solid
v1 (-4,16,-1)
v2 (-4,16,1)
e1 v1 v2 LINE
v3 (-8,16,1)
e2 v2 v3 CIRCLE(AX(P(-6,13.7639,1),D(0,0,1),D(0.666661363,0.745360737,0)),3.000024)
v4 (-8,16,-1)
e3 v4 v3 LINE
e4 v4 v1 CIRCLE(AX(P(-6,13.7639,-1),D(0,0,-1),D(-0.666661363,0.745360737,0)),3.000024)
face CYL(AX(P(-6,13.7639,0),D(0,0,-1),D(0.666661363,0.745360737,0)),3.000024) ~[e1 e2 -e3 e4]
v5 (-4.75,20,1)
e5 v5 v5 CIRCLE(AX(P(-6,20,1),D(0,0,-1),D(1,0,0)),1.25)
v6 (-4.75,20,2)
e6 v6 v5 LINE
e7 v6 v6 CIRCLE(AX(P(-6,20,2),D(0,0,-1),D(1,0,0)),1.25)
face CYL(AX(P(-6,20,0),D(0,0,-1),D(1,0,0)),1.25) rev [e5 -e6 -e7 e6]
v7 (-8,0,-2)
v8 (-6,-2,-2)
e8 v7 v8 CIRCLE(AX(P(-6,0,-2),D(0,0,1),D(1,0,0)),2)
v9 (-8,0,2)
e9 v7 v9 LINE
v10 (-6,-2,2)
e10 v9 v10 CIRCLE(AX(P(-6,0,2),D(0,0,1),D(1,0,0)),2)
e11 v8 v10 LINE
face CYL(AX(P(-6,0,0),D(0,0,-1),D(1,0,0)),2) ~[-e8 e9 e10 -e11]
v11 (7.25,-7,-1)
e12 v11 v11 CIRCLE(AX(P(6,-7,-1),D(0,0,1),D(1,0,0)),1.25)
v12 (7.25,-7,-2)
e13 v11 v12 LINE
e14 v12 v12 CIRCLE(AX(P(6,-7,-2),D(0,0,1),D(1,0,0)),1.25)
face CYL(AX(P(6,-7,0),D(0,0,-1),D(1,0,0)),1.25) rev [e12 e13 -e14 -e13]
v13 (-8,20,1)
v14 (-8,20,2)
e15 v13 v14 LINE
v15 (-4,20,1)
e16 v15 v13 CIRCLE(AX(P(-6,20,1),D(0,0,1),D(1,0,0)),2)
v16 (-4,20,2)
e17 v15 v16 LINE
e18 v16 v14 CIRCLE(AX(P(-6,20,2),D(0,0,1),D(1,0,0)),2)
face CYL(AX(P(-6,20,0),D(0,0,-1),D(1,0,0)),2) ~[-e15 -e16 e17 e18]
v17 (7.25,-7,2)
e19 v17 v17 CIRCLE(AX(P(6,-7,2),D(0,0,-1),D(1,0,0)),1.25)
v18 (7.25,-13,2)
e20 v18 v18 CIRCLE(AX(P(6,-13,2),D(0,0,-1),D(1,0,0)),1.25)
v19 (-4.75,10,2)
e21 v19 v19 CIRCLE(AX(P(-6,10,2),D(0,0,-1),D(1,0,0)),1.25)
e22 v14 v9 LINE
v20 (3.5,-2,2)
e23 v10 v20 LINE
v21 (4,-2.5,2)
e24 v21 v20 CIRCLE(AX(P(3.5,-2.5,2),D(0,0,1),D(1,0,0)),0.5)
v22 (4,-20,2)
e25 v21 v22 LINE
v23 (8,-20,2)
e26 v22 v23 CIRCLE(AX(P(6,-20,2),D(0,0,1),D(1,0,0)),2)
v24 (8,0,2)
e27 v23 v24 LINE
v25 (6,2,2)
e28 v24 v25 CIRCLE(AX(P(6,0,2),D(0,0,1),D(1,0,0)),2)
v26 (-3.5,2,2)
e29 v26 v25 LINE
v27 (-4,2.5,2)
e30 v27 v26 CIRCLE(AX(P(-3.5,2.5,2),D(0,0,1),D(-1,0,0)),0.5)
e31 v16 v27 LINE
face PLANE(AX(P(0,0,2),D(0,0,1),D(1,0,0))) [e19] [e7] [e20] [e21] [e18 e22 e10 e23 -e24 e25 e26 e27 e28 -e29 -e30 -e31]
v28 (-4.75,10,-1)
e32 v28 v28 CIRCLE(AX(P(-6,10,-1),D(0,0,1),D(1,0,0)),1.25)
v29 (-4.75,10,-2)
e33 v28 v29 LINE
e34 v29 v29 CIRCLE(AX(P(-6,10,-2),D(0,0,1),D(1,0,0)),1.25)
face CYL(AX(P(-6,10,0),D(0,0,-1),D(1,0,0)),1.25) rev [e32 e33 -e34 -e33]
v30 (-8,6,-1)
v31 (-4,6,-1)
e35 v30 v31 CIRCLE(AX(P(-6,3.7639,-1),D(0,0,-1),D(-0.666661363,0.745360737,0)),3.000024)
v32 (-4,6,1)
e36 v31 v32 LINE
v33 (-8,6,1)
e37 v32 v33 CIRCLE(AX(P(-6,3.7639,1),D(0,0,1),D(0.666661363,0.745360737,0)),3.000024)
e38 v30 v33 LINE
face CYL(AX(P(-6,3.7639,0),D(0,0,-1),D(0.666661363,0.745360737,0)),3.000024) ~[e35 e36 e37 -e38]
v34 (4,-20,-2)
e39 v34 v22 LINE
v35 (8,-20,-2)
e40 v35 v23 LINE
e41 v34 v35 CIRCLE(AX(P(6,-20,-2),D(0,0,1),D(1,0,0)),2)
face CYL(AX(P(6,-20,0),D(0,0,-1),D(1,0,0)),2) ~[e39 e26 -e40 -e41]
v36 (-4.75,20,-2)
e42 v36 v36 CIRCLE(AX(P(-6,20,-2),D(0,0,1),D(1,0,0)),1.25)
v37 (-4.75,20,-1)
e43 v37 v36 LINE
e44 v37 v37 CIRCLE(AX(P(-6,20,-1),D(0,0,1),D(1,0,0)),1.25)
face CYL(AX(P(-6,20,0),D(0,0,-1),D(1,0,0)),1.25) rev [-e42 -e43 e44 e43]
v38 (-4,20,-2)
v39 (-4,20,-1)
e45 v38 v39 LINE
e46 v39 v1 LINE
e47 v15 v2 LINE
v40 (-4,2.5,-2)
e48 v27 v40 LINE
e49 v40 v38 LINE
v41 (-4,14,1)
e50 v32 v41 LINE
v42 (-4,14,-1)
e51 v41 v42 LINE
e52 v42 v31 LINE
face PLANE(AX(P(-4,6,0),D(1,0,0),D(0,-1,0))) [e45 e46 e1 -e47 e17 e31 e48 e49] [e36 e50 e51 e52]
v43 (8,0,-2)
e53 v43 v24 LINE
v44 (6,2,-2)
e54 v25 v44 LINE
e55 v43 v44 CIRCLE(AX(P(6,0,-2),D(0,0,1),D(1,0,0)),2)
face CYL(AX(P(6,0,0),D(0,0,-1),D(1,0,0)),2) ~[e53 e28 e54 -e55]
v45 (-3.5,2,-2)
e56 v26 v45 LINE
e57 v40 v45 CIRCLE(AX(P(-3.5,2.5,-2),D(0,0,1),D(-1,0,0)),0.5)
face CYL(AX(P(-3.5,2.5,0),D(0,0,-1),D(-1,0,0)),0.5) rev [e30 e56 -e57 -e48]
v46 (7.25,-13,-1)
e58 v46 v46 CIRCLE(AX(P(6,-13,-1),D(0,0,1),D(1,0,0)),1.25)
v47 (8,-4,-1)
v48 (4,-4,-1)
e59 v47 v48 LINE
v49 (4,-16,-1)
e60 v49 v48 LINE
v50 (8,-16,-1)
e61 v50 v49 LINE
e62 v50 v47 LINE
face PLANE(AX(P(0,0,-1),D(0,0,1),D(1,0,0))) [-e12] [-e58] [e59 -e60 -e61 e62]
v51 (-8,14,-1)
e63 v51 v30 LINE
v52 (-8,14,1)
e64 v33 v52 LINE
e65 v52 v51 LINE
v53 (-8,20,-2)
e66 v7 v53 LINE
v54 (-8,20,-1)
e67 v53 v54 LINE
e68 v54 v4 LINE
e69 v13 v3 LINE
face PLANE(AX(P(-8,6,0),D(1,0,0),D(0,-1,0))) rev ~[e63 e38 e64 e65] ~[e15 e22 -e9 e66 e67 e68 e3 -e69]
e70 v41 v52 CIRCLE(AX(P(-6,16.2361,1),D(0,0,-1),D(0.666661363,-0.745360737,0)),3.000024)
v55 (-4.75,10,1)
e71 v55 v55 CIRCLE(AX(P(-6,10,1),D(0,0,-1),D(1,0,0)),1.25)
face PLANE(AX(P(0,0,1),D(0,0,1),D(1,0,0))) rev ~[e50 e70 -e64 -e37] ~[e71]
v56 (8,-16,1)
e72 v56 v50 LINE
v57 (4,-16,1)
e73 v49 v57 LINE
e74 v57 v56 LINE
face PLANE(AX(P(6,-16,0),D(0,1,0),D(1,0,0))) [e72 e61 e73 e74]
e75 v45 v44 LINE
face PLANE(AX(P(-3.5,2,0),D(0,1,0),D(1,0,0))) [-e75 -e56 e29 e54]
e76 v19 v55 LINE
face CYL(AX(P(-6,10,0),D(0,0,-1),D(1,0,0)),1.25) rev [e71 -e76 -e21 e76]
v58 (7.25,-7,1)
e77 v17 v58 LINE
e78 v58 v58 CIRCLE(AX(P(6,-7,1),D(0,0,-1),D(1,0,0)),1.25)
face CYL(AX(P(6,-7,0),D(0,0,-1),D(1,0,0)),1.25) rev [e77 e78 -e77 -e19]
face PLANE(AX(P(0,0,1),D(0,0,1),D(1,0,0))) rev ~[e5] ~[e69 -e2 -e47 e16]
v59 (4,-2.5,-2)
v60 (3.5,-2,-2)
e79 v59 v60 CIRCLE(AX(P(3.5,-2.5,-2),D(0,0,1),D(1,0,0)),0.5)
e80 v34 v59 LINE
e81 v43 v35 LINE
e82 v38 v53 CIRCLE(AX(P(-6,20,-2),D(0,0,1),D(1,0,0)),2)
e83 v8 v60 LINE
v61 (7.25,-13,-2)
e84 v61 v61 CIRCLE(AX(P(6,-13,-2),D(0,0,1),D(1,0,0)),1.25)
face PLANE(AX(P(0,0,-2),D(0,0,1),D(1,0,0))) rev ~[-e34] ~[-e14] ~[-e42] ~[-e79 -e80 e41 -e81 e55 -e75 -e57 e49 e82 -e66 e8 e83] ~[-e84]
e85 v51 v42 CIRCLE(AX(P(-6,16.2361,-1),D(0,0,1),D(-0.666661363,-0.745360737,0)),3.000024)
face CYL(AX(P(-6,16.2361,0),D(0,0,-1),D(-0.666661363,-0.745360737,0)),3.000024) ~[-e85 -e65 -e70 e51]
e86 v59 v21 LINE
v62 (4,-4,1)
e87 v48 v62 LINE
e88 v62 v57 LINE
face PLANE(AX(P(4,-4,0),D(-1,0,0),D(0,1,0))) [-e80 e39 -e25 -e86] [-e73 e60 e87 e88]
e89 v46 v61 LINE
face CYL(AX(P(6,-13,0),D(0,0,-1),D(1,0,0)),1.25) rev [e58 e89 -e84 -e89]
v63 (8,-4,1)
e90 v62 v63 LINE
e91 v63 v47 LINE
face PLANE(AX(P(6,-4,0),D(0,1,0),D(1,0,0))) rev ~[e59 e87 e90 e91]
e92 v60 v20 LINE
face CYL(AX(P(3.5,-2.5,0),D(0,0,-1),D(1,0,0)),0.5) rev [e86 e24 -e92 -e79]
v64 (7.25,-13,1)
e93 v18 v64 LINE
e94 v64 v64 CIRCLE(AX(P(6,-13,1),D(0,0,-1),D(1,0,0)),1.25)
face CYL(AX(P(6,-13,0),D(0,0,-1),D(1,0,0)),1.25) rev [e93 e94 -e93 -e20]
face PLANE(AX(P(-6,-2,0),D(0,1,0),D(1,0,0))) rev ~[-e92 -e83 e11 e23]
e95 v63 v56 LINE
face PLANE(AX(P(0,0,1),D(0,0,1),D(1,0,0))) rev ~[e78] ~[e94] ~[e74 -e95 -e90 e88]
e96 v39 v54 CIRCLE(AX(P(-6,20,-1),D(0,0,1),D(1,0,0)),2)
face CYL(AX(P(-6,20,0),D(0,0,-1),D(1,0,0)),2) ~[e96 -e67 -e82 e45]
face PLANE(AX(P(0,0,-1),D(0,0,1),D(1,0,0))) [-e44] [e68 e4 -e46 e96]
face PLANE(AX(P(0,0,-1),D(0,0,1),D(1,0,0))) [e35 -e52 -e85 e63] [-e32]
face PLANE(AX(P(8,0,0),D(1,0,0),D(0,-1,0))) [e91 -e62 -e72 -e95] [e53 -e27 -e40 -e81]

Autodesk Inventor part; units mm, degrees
ref_plane "YZ Plane" through (0, 0, 0) normal (1, 0, 0) x (0, 1, 0)
ref_plane "XZ Plane" through (0, 0, 0) normal (0, 1, 0) x (-1, 0, 0)
ref_plane "XY Plane" through (0, 0, 0) normal (0, 0, 1) x (1, 0, 0)
sketch "Sketch1" plane through (0, 0, 0) normal (0, 0, 1) x (1, 0, 0)
  line L0 (0, 0) -> (6, 0)
  line L1 (6, 0) -> (6, -20)
  line L2 (0, 0) -> (-6, 0)
  line L3 (-6, 0) -> (-6, 20)
  circle A0 centre (-6, 20) radius 2
  circle A1 centre (-6, 20) radius 1.25
  line L4 (-6, 0) -> (-6, 10)
  circle A2 centre (-6, 10) radius 1.25
  circle A3 centre (6, 0) radius 2
  circle A4 centre (-6, 0) radius 2
  line L5 (-8, 20) -> (-8, 0)
  line L6 (-4, 20) -> (-4, 2.5)
  line L7 (-6, -2) -> (3.5, -2)
  line L8 (-3.5, 2) -> (6, 2)
  circle A5 centre (6, -20) radius 2
  line L9 (4, -20) -> (4, -2.5)
  line L10 (8, 0) -> (8, -20)
  arc A6 (-4, 2.5) -> (-3.5, 2) centre (-3.5, 2.5) ccw
  arc A7 (4, -2.5) -> (3.5, -2) centre (3.5, -2.5) ccw
  line L11 (-8, 20) -> (-4, 20)
  line L12 (-4, 20) -> (-4, 16)
  line L13 (-4, 16) -> (-8, 16)
  line L14 (-8, 16) -> (-8, 20)
  arc A8 (-4, 16) -> (-8, 16) centre (-6, 13.7639) ccw
  line L15 (-4, 10) -> (-8, 10)
  line L16 (-8, 10) -> (-8, 14)
  line L17 (-8, 14) -> (-4, 14)
  line L18 (-4, 14) -> (-4, 10)
  line L19 (-4, 10) -> (-8, 10)
  line L20 (-8, 10) -> (-8, 6)
  line L21 (-8, 6) -> (-4, 6)
  line L22 (-4, 6) -> (-4, 10)
  arc A9 (-8, 14) -> (-4, 14) centre (-6, 16.2361) ccw
  arc A10 (-4, 6) -> (-8, 6) centre (-6, 3.7639) ccw
  line L23 (6, 0) -> (6, -7)
  circle A11 centre (6, -7) radius 1.25
  line L24 (6, -20) -> (6, -13)
  circle A12 centre (6, -13) radius 1.25
  line L25 (4, -6.5) -> (4, -3.5)
  line L26 (8, -3.5) -> (8, -6.5)
  line L27 (4, -13.5) -> (4, -16.5)
  line L28 (8, -16.5) -> (8, -13.5)
  line L29 (8, -7) -> (4, -7)
  line L30 (4, -7) -> (4, -4)
  line L31 (4, -4) -> (8, -4)
  line L32 (8, -4) -> (8, -7)
  line L33 (8, -13) -> (4, -13)
  line L34 (4, -13) -> (4, -16)
  line L35 (4, -16) -> (8, -16)
  line L36 (8, -16) -> (8, -13)
  point P0 (-4, 0)
  point P1 (6, -2)
  point P2 (-6, 2)
  point P3 (6, 2)
  point P4 (4, 0)
  point P5 (-4, 6)
  point P6 (-4, 14)
  point P7 (-8, 16)
  point P8 (4, -4)
  point P9 (4, -16)
  point P10 (8, -16)
  dimension "d44" = 6
  dimension "d45" = 20
  dimension "d46" = 6
  dimension "d47" = 20
  dimension "d48" = 4
  dimension "d49" = 2.5
  dimension "d50" = 10
  dimension "d51" = 2.5
  dimension "d52" = 4
  dimension "d53" = 4
  dimension "d54" = 4
  dimension "d55" = 0.5
  dimension "d56" = 0.5
  dimension "d57" = 4
  dimension "d58" = 20
  dimension "d59" = 3
  dimension "d60" = 4
  dimension "d61" = 10
  dimension "d62" = 4
  dimension "d63" = 3
  dimension "d64" = 3
  dimension "d66" = 2.5
  dimension "d68" = 2.5
  dimension "d75" = 7
  dimension "d77" = 7
  dimension "d78" = 3
  dimension "d79" = 3
extrude "Extrusion8" add sketch "Sketch1" along normal mid plane 4 contours L2 A4 L3 L21 L6 A6 L8 A3 L0 | L0 A3 L1 L31 L9 A7 L7 A4 L2 | A3 L1 L0 | L0 L1 A3 | A4 L3 L2 | L2 L3 A4 | A3 L10 L31 L1 | A4 L5 L21 L3 | L31 L10 L29 A11 L1 | L1 A11 L29 L9 L31 | L21 A10 L3 | L3 A10 L21 | L5 L15 A2 L3 A10 | L3 A2 L15 L6 A10 | L29 L10 L33 A12 L1 A11 | A11 L1 A12 L33 L9 L29 | L5 A9 L3 A2 L15 | L15 A2 L3 A9 L6 | L5 L13 L3 L17 | L17 L3 A9 | L17 L3 L13 L6 | A9 L3 L17 | L10 L35 L1 A12 L33 | L33 A12 L1 L35 L9 | A8 L3 L13 | L5 A0 L3 A8 | A8 L3 A0 L6 | L13 L3 A8 | L11 A1 L3 A0 | A0 L11 A1 | A0 L3 A1 L11 | L10 A5 L1 L35 | L35 L1 A5 L9 | A5
extrude "Extrusion9" cut sketch "Sketch1" along normal mid plane 2 contours L31 L10 L29 A11 L1 | L1 A11 L29 L9 L31 | L5 L15 A2 L3 A10 | L3 A2 L15 L6 A10 | L29 L10 L33 A12 L1 A11 | A11 L1 A12 L33 L9 L29 | L5 A9 L3 A2 L15 | L15 A2 L3 A9 L6 | L10 L35 L1 A12 L33 | L33 A12 L1 L35 L9 | L5 A0 L3 A8 | A8 L3 A0 L6 | L11 A1 L3 A0 | A0 L11 A1 | A0 L3 A1 L11
properties part number "link7" material "Aluminum 6061"
